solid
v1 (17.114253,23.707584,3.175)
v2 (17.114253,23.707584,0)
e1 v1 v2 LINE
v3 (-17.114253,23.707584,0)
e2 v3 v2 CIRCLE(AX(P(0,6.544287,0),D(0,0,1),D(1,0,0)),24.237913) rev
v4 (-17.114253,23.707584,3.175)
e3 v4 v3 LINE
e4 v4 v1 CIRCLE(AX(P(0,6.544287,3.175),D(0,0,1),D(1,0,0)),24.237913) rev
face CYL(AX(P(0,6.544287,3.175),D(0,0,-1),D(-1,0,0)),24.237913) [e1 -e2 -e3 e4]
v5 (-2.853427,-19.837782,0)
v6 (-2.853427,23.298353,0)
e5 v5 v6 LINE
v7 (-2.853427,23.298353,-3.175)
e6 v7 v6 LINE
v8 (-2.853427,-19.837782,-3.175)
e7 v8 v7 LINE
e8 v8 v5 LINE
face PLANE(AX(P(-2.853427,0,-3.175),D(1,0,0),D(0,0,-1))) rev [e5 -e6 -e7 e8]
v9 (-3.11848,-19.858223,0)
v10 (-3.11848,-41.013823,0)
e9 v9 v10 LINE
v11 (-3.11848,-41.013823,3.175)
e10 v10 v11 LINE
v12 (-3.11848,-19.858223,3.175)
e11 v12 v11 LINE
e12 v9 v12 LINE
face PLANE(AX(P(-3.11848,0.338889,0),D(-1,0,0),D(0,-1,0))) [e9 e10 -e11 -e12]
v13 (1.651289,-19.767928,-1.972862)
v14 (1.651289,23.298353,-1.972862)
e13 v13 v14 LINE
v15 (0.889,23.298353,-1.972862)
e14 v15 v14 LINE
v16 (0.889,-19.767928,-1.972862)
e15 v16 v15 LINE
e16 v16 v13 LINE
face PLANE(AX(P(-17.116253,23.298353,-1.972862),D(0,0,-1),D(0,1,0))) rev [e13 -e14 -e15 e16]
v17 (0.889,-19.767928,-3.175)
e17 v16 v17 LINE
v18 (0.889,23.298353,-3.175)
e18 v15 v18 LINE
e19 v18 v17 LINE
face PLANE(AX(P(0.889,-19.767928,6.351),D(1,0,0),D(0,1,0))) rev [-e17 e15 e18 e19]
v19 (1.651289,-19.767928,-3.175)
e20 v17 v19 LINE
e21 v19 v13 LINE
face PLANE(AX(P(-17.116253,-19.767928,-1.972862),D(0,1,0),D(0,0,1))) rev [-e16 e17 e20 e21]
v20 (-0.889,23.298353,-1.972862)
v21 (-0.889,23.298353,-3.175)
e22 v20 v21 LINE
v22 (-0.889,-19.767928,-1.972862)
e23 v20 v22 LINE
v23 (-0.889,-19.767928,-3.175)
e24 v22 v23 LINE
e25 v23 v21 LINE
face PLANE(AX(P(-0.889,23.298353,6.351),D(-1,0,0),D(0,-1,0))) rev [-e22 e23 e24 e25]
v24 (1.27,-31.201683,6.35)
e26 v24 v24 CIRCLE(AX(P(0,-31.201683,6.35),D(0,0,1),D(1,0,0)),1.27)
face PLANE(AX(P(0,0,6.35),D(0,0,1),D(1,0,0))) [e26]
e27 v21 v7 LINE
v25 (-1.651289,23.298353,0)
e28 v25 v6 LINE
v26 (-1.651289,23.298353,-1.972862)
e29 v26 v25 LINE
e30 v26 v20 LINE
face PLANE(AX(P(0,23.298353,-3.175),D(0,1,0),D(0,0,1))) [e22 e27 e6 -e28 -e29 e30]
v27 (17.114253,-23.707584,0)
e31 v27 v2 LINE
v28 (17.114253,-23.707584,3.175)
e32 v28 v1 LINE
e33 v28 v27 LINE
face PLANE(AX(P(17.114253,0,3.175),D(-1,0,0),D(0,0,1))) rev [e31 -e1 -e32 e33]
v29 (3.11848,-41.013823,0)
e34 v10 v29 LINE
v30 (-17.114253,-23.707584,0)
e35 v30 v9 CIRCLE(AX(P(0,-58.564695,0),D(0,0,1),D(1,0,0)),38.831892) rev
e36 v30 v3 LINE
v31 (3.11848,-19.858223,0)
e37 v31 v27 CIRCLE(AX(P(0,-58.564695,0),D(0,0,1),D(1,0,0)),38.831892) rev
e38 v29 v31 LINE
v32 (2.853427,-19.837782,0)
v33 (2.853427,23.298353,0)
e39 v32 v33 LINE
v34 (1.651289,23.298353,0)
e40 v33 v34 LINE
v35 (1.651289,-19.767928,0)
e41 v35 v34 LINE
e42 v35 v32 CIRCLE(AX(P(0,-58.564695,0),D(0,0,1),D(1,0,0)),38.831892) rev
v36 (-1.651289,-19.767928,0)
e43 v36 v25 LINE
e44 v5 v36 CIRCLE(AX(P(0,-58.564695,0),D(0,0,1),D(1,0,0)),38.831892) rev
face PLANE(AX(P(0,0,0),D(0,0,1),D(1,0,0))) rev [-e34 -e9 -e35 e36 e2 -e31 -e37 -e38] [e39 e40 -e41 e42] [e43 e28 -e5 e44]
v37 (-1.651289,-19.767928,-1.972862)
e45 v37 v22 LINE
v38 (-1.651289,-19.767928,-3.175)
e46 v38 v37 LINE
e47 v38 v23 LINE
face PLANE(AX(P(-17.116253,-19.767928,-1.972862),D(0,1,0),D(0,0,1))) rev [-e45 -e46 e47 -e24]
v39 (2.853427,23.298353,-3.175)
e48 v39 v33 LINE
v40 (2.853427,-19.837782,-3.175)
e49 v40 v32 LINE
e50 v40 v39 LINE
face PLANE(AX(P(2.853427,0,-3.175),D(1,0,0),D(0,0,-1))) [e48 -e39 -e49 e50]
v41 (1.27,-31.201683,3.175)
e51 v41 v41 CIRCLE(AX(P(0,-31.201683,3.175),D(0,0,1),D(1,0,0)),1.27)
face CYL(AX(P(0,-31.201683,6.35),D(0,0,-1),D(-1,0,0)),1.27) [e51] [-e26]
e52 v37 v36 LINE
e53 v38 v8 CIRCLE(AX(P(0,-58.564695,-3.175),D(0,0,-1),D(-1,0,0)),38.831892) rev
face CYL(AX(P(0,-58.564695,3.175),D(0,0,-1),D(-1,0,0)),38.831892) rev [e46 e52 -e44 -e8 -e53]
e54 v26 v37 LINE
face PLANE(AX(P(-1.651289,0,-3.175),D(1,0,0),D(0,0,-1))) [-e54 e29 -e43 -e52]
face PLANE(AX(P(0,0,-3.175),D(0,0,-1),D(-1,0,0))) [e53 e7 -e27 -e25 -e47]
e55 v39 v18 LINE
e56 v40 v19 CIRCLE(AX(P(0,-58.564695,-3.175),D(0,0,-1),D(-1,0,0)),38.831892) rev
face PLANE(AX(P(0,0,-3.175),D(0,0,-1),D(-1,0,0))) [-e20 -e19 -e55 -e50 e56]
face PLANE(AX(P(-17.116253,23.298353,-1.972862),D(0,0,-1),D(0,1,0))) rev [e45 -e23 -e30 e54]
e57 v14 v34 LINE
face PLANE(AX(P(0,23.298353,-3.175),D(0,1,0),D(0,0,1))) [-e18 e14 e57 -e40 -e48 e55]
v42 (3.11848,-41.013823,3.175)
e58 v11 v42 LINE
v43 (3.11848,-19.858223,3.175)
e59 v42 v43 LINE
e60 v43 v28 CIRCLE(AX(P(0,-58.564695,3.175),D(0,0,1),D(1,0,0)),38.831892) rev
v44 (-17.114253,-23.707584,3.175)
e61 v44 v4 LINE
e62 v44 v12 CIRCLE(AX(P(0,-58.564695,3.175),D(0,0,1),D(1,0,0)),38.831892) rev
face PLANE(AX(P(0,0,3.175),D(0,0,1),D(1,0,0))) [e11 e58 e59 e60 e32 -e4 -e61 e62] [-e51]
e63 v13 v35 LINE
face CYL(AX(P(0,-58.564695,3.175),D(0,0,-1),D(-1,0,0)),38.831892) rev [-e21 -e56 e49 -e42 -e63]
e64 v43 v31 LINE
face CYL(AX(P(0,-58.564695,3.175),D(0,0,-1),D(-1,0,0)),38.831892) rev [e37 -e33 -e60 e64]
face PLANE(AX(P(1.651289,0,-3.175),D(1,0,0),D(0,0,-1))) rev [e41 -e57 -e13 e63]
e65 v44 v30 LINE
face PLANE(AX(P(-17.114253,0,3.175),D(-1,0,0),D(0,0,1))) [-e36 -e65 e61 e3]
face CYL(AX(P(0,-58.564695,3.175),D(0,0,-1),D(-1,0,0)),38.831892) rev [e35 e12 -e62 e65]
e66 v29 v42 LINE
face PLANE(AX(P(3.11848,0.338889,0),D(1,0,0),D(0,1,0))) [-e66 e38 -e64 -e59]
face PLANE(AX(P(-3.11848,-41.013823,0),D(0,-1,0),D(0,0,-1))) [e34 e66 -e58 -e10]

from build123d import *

# Parameters (mm, degrees)
BOSS_EXTRUDE1_DEPTH = 3.175
BOSS_EXTRUDE2_DEPTH = 3.175
SKETCH3_W           = 6.236959702
SKETCH3_H           = 41.352711554
BOSS_EXTRUDE3_DEPTH = 3.175
SKETCH4_R           = 1.27
BOSS_EXTRUDE4_DEPTH = 3.175
BOSS_EXTRUDE5_REACH = 20.766
SKETCH6_W           = 1.202138058
SKETCH6_H           = 43.066281197
CUT_EXTRUDE1_REACH  = 11.525


with BuildPart() as part:
    # Sketch1 → Boss-Extrude1 (new body)
    with BuildSketch(Plane.XY):
        with BuildLine():
            Line((-17.114253333, -23.707583903), (-17.114253333, 23.707583903))
            ThreePointArc((-17.114253333, 23.707583903), (0, 30.782200079), (17.114253333, 23.707583903))
            Line((17.114253333, 23.707583903), (17.114253333, -23.707583903))
            ThreePointArc((17.114253333, -23.707583903), (0, -19.732802645), (-17.114253333, -23.707583903))
        make_face()
    extrude(amount=BOSS_EXTRUDE1_DEPTH)

    # Sketch2 → Boss-Extrude2 (add)
    with BuildSketch(Plane(origin=(0, 0, 0), x_dir=(-1, 0, 0), z_dir=(0, 0, -1))):
        with BuildLine():
            Line((-1.65128862, -19.767928257), (-1.65128862, 22.268343179))
            Line((-1.65128862, 22.268343179), (-1.65128862, 23.29835294))
            Line((-1.65128862, 23.29835294), (-2.853426735, 23.29835294))
            Line((-2.853426735, 23.29835294), (-2.853426735, -19.837781624))
            ThreePointArc((-2.853426735, -19.837781624), (-2.25262846, -19.798194915), (-1.65128862, -19.767928257))
        make_face()
        with BuildLine():
            Line((1.65128862, 23.29835294), (1.65128862, 22.268343179))
            Line((1.65128862, 22.268343179), (1.65128862, -19.767928257))
            ThreePointArc((1.65128862, -19.767928257), (2.25262846, -19.798194915), (2.853426735, -19.837781624))
            Line((2.853426735, -19.837781624), (2.853426735, 23.29835294))
            Line((2.853426735, 23.29835294), (1.65128862, 23.29835294))
        make_face()
    extrude(amount=BOSS_EXTRUDE2_DEPTH)

    # Sketch3 → Boss-Extrude3 (add)
    with BuildSketch(Plane.XY.offset(3.175)):
        with Locations((0, -20.33746726)):
            Rectangle(SKETCH3_W, SKETCH3_H)
    extrude(amount=-BOSS_EXTRUDE3_DEPTH)

    # Sketch4 → Boss-Extrude4 (add)
    with BuildSketch(Plane.XY.offset(3.175)):
        with Locations((0, -31.201683403)):
            Circle(SKETCH4_R)
    extrude(amount=BOSS_EXTRUDE4_DEPTH)

    # Sketch6 → Boss-Extrude5 (add, up to next)
    with BuildSketch(Plane.ZY.offset(-1.65128862), mode=Mode.PRIVATE) as boss_extrude5_sk1:
        with Locations((-2.573930971, 1.765212341)):
            Rectangle(SKETCH6_W, SKETCH6_H)
    boss_extrude5_tool1 = extrude(boss_extrude5_sk1.sketch, amount=BOSS_EXTRUDE5_REACH, mode=Mode.PRIVATE) - part.part
    add(boss_extrude5_tool1.solids().sort_by_distance((1.651289, 1.765212, -2.573931))[0])

    # Sketch8 → Cut-Extrude1 (cut, up to next)
    with BuildSketch(Plane(origin=(0, 0, -3.175), x_dir=(-1, 0, 0), z_dir=(0, 0, -1)), mode=Mode.PRIVATE) as cut_extrude1_sk1:
        Polygon((0, 23.29835294), (-0.889, 23.29835294), (-0.889, -19.767928257), (0.889, -19.767928257), (0.889, 23.29835294), align=None)
    cut_extrude1_tool1 = extrude(cut_extrude1_sk1.sketch, amount=-CUT_EXTRUDE1_REACH, mode=Mode.PRIVATE) & part.part
    add(cut_extrude1_tool1.solids().sort_by_distance((0, 1.765212, -3.175))[0], mode=Mode.SUBTRACT)


solid = part.part
